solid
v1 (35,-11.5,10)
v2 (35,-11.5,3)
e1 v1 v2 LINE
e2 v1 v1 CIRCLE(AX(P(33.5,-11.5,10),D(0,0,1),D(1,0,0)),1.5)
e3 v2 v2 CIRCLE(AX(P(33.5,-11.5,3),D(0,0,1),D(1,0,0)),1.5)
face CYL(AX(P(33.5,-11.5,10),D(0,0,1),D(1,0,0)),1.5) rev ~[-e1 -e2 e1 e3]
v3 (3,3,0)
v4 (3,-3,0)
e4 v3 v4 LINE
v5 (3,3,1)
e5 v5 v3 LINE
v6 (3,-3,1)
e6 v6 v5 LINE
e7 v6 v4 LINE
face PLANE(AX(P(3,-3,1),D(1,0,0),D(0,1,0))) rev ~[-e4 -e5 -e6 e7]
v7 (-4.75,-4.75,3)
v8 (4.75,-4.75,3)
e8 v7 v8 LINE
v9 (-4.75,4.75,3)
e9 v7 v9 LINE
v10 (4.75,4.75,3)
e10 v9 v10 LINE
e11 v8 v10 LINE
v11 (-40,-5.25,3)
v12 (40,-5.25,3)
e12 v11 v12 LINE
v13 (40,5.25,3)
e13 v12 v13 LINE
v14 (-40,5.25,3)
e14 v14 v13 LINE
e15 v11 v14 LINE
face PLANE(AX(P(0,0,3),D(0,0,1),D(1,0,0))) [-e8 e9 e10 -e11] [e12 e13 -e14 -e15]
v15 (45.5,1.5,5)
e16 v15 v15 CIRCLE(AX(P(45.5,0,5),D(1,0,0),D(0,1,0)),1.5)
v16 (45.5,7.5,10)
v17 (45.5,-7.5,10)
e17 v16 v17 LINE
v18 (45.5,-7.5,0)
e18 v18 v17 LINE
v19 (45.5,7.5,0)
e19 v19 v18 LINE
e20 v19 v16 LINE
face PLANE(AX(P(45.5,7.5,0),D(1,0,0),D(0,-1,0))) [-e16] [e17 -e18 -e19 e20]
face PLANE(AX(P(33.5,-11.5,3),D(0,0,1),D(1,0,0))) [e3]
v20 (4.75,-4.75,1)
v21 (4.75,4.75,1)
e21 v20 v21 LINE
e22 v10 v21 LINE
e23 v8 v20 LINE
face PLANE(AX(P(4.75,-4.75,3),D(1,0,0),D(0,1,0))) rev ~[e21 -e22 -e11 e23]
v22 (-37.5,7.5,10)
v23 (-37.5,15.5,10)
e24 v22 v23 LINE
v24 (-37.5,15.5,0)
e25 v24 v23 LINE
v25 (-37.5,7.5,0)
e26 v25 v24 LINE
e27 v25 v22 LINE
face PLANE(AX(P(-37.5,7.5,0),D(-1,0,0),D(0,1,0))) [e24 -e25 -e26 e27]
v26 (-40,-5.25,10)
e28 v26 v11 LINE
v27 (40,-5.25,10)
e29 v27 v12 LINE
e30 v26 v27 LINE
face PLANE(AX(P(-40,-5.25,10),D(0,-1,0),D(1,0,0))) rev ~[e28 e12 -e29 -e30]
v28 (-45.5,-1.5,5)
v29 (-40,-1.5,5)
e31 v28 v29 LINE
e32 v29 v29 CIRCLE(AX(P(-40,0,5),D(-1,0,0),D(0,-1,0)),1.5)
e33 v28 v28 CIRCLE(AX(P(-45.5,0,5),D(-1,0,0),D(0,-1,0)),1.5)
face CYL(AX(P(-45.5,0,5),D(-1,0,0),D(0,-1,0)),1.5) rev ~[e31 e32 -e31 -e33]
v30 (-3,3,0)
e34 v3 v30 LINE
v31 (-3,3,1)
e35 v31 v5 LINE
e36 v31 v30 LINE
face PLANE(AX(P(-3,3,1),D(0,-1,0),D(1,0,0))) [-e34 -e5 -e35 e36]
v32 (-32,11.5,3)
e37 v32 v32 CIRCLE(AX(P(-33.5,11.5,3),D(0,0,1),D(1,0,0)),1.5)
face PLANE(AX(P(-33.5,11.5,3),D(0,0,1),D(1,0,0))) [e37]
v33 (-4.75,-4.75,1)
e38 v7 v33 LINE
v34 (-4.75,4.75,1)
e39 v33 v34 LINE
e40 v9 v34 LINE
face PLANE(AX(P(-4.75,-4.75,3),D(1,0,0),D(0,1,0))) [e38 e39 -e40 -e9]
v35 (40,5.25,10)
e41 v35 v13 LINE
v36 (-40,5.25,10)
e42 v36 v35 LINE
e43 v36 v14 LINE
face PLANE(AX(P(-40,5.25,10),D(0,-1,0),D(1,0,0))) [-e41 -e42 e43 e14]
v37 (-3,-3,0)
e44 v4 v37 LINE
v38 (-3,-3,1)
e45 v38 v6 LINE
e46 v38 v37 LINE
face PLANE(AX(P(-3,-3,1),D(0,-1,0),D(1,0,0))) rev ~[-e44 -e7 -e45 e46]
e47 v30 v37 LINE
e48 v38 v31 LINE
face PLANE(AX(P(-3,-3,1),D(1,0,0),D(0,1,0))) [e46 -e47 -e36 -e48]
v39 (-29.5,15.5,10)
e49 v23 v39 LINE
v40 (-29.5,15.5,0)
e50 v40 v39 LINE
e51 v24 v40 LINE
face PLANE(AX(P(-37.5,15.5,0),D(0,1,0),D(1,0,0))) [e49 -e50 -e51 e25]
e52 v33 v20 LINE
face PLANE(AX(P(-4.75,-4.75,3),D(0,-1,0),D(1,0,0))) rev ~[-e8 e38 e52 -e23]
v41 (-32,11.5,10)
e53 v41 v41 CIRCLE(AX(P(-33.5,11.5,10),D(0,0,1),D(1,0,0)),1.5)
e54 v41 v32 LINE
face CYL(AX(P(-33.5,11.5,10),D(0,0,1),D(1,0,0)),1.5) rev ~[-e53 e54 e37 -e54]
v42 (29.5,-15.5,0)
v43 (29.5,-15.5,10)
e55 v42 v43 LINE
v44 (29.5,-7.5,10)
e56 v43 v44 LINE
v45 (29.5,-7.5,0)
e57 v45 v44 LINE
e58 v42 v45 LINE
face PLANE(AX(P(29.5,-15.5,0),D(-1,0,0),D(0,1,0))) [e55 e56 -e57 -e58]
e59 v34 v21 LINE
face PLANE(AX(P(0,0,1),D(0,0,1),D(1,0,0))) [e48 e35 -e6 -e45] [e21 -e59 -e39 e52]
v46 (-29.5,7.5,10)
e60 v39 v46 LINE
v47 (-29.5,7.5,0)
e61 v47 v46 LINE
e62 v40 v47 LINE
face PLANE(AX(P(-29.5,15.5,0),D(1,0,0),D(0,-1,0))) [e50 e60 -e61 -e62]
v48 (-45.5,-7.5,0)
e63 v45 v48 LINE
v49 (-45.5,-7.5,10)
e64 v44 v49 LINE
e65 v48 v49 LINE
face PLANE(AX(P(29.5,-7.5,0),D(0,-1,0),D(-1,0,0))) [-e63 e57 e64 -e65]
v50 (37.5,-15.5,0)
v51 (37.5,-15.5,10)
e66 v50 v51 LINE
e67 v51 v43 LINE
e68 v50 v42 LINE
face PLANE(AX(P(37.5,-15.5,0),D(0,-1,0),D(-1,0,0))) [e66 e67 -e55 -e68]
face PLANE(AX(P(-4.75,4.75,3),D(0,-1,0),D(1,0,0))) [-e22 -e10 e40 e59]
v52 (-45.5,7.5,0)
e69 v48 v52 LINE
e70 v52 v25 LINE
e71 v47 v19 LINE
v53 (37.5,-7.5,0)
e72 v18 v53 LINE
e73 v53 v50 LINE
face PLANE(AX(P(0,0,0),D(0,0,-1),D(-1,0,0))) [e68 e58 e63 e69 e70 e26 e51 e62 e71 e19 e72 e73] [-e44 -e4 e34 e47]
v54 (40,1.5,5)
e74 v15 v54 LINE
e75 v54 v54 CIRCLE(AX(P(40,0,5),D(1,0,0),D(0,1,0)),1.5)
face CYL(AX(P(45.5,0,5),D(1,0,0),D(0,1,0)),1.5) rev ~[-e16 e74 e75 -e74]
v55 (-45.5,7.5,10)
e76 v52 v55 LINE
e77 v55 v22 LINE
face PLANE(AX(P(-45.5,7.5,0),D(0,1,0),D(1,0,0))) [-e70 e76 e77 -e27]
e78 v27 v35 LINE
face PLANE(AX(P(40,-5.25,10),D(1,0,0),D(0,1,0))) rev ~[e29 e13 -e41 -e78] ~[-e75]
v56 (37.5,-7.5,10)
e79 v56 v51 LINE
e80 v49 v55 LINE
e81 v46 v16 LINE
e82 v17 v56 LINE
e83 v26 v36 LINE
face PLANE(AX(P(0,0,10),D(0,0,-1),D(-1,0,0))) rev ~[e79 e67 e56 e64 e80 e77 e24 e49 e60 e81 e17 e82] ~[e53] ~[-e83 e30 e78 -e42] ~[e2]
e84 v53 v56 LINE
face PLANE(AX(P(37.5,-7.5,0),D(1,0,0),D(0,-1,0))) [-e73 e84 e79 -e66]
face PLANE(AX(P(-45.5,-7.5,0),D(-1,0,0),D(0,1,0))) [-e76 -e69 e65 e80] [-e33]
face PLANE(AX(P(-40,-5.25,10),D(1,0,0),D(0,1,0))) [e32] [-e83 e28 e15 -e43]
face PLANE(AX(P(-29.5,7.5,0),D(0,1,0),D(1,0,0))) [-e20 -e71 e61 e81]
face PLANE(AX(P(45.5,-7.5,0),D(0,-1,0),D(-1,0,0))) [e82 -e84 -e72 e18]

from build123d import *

# Parameters (mm, degrees)
PAD007_DEPTH    = 10
SKETCH016_R     = 1.5
SKETCH016_W     = 80
SKETCH016_H     = 10.5
POCKET008_DEPTH = 7
SKETCH017_W     = 9.5
SKETCH017_H     = 9.5
POCKET009_DEPTH = 2
SKETCH018_W     = 6
SKETCH018_H     = 6
POCKET010_DEPTH = 5
SKETCH019_R     = 1.5
POCKET011_DEPTH = 6
SKETCH020_R     = 1.5
POCKET012_DEPTH = 6


with BuildPart() as part:
    # Sketch015 → Pad007 (new body)
    with BuildSketch(Plane.XY):
        Polygon((45.5, 7.5), (45.5, -7.5), (37.5, -7.5), (37.5, -15.5), (29.5, -15.5), (29.5, -7.5), (-45.5, -7.5), (-45.5, 7.5), (-37.5, 7.5), (-37.5, 15.5), (-29.5, 15.5), (-29.5, 7.5), align=None)
    extrude(amount=PAD007_DEPTH)

    # Sketch016 (on Face14 of Pad007) → Pocket008 (cut)
    with BuildSketch(Plane.XY.offset(10)):
        with Locations((-33.5, 11.5)):
            Circle(SKETCH016_R)
        with Locations((33.5, -11.5)):
            Circle(SKETCH016_R)
        Rectangle(SKETCH016_W, SKETCH016_H)
    extrude(amount=-POCKET008_DEPTH, mode=Mode.SUBTRACT)

    # Sketch017 (on Face23 of Pocket008) → Pocket009 (cut)
    with BuildSketch(Plane.XY.offset(3)):
        Rectangle(SKETCH017_W, SKETCH017_H)
    extrude(amount=-POCKET009_DEPTH, mode=Mode.SUBTRACT)

    # Sketch018 (on Face28 of Pocket009) → Pocket010 (cut)
    with BuildSketch(Plane.XY.offset(1)):
        Rectangle(SKETCH018_W, SKETCH018_H)
    extrude(amount=-POCKET010_DEPTH, mode=Mode.SUBTRACT)

    # Sketch019 (on Face1 of Pocket010) → Pocket011 (cut)
    with BuildSketch(Plane.YZ.offset(45.5)):
        with Locations((0, 5)):
            Circle(SKETCH019_R)
    extrude(amount=-POCKET011_DEPTH, mode=Mode.SUBTRACT)

    # Sketch020 (on Face15 of Pocket011) → Pocket012 (cut)
    with BuildSketch(Plane(origin=(-45.5, 0, 0), x_dir=(0, -1, 0), z_dir=(-1, 0, 0))):
        with Locations((0, 5)):
            Circle(SKETCH020_R)
    extrude(amount=-POCKET012_DEPTH, mode=Mode.SUBTRACT)


solid = part.part
